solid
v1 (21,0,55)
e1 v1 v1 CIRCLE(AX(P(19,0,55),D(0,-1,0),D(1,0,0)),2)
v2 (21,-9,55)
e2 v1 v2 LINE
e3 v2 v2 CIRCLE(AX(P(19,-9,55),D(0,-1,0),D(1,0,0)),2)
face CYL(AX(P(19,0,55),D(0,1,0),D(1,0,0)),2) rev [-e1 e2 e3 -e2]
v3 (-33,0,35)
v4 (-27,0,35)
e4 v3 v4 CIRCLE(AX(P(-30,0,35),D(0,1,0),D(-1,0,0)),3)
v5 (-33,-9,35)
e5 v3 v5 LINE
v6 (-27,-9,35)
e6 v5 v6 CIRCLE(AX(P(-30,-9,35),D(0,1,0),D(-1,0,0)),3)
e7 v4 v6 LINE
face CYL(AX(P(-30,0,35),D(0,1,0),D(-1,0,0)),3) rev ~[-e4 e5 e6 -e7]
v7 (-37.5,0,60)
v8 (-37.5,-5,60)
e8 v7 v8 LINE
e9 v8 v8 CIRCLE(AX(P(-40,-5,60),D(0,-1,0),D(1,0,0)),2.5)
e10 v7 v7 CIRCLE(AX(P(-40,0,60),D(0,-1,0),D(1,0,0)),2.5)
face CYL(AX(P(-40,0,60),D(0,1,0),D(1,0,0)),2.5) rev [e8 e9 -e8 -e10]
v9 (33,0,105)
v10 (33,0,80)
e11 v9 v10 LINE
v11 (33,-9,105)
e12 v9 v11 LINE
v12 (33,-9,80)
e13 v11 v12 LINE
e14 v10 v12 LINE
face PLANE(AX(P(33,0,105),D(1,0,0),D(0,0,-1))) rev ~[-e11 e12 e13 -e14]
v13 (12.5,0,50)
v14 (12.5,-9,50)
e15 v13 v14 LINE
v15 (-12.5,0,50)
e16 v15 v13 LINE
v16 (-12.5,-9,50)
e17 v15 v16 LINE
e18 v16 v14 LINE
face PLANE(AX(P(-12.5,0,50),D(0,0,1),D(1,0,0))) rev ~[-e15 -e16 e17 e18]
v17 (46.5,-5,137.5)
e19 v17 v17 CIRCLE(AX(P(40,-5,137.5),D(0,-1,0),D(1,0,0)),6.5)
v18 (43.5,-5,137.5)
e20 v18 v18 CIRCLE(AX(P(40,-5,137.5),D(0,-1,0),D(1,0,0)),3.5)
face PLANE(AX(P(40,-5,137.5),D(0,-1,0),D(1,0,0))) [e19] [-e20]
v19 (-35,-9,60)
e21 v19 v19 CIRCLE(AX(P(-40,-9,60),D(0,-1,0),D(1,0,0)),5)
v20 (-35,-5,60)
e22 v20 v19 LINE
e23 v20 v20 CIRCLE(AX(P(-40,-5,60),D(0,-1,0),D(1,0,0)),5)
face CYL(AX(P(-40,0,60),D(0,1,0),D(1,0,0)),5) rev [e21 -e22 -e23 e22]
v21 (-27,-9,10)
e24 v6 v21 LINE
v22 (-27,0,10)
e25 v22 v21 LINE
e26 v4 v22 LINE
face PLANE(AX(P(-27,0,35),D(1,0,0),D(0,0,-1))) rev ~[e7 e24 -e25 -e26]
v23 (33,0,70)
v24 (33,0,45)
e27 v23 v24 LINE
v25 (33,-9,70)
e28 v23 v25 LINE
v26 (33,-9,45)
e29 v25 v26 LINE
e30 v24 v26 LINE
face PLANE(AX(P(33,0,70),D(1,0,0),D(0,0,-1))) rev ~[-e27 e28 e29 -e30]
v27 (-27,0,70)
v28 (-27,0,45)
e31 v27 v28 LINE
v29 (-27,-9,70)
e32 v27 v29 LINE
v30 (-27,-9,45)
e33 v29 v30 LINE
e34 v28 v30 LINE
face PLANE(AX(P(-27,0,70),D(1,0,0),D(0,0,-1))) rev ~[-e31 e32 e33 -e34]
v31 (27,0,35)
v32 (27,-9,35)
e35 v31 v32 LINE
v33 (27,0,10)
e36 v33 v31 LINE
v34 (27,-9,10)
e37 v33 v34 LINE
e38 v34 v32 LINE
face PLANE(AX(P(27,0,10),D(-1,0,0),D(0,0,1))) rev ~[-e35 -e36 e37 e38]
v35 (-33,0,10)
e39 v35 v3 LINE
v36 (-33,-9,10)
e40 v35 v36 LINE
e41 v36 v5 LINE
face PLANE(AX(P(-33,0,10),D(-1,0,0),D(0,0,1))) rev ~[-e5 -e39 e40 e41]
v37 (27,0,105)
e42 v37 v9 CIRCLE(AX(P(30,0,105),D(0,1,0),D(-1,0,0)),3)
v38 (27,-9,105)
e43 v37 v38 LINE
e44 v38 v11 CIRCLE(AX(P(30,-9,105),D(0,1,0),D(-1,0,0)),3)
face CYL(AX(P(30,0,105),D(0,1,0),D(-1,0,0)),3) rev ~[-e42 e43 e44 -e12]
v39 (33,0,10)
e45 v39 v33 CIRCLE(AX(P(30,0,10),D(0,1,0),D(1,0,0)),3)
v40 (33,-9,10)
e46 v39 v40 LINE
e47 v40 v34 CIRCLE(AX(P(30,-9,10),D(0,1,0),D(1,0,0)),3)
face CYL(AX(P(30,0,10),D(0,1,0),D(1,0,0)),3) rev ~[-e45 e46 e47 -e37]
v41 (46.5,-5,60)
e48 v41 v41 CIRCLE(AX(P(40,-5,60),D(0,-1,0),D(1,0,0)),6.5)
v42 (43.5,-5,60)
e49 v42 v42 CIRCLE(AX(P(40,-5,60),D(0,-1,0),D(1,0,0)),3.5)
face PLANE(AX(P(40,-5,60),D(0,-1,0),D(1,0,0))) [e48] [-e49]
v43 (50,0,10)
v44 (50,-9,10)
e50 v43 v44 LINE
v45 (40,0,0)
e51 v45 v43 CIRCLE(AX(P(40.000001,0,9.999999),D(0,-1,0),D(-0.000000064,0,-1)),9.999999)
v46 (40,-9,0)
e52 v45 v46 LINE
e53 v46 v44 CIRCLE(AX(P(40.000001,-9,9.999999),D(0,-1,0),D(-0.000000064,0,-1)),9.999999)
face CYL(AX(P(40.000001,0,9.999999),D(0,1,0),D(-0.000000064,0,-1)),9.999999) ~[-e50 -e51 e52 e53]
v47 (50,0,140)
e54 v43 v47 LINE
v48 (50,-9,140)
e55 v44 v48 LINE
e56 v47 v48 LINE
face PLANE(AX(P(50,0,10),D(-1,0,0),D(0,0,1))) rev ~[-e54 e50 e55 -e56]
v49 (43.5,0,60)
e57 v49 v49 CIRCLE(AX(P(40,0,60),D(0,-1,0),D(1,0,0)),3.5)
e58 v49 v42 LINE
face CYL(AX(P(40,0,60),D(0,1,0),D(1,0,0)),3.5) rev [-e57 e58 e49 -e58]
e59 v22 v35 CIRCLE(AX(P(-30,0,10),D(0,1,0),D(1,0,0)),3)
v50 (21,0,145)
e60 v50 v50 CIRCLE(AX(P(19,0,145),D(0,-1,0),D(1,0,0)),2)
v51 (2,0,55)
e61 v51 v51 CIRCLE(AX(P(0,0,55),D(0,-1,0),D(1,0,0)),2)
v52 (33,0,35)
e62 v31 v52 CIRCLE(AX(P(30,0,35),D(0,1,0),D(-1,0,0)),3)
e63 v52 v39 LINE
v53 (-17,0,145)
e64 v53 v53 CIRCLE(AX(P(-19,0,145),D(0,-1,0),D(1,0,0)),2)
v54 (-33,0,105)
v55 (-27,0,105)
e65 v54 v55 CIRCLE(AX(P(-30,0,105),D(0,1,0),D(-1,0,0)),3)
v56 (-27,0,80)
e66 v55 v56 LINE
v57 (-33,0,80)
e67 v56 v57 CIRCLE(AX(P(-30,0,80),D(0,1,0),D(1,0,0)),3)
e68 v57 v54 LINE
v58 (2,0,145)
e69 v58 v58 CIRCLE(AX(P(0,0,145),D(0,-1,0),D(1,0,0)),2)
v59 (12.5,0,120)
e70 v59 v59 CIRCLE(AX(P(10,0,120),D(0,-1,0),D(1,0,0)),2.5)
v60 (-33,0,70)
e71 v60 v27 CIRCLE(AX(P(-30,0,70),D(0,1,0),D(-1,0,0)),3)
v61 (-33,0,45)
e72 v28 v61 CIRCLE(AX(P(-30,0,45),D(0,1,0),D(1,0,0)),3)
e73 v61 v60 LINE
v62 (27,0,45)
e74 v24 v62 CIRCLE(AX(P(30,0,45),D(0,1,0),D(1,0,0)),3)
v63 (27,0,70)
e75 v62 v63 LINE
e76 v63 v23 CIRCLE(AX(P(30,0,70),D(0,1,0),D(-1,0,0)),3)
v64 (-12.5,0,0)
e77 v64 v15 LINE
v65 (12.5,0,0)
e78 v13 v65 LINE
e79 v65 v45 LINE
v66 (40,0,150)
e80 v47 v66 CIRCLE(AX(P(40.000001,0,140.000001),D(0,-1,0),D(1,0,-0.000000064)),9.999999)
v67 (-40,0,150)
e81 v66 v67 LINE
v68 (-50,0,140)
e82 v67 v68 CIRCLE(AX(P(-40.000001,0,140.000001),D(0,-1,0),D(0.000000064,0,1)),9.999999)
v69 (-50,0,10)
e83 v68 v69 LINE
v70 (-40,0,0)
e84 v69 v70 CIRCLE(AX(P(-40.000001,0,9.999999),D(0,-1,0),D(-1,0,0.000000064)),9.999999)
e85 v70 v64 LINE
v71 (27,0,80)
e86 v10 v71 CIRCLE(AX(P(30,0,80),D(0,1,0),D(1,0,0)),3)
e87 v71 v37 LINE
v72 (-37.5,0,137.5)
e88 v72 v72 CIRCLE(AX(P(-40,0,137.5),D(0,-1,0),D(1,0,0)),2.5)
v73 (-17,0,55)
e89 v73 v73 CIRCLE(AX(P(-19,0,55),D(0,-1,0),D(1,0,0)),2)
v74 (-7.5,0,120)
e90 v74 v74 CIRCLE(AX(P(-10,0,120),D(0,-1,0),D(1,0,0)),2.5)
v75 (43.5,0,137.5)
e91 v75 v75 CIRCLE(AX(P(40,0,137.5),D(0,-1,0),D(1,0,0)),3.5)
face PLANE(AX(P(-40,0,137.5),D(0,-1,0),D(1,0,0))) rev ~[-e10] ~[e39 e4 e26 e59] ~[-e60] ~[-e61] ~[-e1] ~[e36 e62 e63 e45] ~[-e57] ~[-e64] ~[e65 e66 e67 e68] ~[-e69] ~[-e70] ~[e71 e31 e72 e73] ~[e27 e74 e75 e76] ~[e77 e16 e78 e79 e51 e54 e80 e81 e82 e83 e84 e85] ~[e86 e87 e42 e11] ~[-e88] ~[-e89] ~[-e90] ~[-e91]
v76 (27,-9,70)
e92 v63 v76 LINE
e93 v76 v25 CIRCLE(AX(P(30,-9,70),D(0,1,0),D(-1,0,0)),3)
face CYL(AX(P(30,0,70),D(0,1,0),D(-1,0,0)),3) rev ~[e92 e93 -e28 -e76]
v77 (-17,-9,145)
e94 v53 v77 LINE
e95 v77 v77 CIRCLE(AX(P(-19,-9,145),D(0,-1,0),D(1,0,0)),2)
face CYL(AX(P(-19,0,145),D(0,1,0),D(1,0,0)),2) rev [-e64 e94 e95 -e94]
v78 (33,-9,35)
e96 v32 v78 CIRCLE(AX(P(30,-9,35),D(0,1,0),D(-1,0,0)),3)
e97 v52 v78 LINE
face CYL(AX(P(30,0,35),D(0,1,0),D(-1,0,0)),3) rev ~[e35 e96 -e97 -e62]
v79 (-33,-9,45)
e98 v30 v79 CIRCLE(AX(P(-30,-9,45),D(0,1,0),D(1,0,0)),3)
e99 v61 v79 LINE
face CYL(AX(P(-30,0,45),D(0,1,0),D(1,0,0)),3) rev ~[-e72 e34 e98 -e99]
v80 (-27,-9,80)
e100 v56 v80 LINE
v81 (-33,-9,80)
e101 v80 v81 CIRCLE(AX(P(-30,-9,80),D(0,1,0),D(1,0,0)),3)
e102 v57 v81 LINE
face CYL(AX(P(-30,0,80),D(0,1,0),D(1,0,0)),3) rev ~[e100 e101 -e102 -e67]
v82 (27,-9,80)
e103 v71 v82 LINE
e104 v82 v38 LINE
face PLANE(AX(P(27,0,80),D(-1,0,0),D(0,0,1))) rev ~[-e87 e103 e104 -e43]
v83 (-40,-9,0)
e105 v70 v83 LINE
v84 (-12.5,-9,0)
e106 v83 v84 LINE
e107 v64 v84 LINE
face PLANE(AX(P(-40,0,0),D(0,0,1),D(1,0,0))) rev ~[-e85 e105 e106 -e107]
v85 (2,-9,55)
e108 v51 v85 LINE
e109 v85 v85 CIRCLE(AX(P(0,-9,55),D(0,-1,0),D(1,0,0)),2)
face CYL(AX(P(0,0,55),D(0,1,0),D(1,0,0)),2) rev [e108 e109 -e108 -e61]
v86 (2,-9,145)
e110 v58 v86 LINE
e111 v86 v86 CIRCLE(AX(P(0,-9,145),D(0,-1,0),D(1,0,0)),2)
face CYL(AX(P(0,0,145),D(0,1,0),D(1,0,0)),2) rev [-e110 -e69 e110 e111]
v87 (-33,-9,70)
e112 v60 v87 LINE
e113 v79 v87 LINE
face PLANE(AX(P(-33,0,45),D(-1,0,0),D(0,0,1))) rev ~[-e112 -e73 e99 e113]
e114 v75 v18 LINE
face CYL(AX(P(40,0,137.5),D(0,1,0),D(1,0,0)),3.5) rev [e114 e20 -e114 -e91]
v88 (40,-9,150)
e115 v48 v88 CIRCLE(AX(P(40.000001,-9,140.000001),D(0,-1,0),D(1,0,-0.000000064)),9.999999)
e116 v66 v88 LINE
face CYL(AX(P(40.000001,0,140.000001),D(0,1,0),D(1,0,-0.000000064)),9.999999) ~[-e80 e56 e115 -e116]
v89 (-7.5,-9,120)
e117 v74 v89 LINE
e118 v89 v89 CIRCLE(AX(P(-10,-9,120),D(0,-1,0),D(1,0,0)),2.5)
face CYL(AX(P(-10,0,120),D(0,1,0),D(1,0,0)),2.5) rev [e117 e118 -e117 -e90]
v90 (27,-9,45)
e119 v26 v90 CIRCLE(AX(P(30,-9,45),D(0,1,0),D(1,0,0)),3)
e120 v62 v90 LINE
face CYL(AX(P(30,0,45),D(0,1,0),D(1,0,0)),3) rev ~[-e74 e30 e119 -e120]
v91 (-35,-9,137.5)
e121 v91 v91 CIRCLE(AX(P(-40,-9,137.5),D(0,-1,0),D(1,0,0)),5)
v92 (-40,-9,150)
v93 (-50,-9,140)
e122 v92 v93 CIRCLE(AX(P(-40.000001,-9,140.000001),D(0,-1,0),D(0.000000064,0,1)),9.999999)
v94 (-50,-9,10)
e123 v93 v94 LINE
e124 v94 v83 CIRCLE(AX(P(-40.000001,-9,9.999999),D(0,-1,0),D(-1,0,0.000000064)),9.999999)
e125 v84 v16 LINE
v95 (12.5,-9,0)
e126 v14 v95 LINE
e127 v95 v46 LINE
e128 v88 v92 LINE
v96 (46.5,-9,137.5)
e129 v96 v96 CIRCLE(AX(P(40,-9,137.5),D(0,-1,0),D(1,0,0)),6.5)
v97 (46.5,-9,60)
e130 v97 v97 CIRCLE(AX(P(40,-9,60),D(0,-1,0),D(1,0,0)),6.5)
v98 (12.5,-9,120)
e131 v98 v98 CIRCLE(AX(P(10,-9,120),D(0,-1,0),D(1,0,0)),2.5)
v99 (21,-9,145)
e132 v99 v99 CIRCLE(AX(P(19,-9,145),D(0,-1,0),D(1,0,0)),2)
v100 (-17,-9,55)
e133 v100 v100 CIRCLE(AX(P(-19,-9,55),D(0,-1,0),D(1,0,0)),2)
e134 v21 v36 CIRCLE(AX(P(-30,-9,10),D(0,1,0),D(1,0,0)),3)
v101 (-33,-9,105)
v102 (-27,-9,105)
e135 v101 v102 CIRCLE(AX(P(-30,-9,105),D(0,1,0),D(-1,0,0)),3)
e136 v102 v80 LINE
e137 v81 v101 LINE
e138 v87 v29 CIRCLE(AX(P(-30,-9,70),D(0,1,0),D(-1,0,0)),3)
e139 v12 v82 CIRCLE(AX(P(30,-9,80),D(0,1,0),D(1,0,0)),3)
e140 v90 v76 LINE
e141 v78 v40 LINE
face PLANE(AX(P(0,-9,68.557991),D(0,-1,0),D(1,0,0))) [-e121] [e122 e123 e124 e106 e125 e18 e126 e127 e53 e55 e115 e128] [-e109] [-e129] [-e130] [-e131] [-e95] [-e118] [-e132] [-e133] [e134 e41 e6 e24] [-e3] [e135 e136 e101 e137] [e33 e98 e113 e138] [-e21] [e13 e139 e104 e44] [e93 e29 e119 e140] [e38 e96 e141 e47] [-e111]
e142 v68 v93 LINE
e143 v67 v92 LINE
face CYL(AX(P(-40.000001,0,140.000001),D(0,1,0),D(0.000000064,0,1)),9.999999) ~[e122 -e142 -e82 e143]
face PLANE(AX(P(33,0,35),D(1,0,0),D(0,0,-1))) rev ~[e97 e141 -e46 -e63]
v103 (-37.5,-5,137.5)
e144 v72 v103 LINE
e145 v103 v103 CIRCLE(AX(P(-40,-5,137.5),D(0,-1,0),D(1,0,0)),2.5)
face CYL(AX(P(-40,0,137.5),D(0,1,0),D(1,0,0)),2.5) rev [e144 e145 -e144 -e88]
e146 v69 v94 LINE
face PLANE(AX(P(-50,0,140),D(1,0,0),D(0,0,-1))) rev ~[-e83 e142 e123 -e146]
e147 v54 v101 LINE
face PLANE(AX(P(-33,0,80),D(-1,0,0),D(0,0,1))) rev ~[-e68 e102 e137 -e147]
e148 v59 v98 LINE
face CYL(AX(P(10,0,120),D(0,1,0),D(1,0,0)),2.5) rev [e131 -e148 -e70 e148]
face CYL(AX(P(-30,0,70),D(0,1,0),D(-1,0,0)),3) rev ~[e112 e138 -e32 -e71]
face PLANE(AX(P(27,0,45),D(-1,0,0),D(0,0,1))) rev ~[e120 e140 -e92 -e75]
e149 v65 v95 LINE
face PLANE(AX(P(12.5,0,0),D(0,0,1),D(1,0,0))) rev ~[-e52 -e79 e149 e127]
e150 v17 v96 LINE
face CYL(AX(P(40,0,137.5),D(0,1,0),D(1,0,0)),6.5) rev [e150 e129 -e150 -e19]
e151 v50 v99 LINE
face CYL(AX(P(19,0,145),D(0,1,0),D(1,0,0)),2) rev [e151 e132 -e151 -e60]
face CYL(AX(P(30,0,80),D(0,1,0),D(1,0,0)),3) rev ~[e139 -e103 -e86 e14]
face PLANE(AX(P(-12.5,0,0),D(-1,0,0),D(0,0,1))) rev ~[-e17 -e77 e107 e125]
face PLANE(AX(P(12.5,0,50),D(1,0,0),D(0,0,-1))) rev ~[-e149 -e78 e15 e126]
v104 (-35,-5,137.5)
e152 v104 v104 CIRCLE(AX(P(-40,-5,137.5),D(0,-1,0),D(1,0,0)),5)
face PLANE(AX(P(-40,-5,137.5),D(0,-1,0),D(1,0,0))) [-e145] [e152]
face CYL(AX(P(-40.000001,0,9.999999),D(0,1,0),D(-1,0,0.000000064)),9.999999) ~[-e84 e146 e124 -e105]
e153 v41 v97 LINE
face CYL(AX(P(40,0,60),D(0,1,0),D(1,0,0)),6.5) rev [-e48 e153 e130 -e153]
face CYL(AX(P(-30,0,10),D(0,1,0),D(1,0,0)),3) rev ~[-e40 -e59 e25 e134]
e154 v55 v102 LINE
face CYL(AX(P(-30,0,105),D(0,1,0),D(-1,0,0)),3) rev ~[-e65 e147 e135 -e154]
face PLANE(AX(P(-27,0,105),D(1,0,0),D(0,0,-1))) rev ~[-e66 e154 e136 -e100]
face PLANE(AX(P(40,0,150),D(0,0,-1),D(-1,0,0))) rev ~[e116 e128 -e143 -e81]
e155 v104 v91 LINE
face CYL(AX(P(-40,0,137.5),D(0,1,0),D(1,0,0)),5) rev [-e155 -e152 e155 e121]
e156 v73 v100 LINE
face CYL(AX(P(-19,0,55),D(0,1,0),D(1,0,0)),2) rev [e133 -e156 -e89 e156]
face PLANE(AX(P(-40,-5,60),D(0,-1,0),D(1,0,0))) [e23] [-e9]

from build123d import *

# Parameters (mm, degrees)
F0_R     = 5
F0_R_2   = 2
F0_R_3   = 6.5
F0_R_4   = 2.5
F1_DEPTH = 9
F0_R_5   = 3.5
F2_DEPTH = 5


with BuildPart() as f1:
    # F0 (on Front) → F1 (new body)
    with BuildSketch(Plane.XZ):
        with BuildLine():
            Line((40, 150), (-40, 150))
            ThreePointArc((-40, 150), (-47.071068, 147.071068), (-50, 140))
            Line((-50, 140), (-50, 10))
            ThreePointArc((-50, 10), (-47.071068, 2.928932), (-40, 0))
            Line((-40, 0), (-12.5, 0))
            Line((-12.5, 0), (-12.5, 50))
            Line((-12.5, 50), (0, 50))
            Line((0, 50), (12.5, 50))
            Line((12.5, 50), (12.5, 0))
            Line((12.5, 0), (40, 0))
            ThreePointArc((40, 0), (47.071068, 2.928932), (50, 10))
            Line((50, 10), (50, 140))
            ThreePointArc((50, 140), (47.071068, 147.071068), (40, 150))
        make_face()
        with BuildLine():
            ThreePointArc((-27, 10), (-30, 7), (-33, 10))
            Line((-33, 10), (-33, 35))
            ThreePointArc((-33, 35), (-30, 38), (-27, 35))
            Line((-27, 35), (-27, 10))
        make_face(mode=Mode.SUBTRACT)
        with Locations((-40, 60)):
            Circle(F0_R, mode=Mode.SUBTRACT)
        with BuildLine():
            Line((-33, 45), (-33, 70))
            ThreePointArc((-33, 70), (-30, 73), (-27, 70))
            Line((-27, 70), (-27, 45))
            ThreePointArc((-27, 45), (-30, 42), (-33, 45))
        make_face(mode=Mode.SUBTRACT)
        with Locations((-19, 55)):
            Circle(F0_R_2, mode=Mode.SUBTRACT)
        with BuildLine():
            Line((27, 10), (27, 35))
            ThreePointArc((27, 35), (30, 38), (33, 35))
            Line((33, 35), (33, 10))
            ThreePointArc((33, 10), (30, 7), (27, 10))
        make_face(mode=Mode.SUBTRACT)
        with Locations((0, 55)):
            Circle(F0_R_2, mode=Mode.SUBTRACT)
        with Locations((19, 55)):
            Circle(F0_R_2, mode=Mode.SUBTRACT)
        with BuildLine():
            ThreePointArc((27, 70), (30, 73), (33, 70))
            Line((33, 70), (33, 45))
            ThreePointArc((33, 45), (30, 42), (27, 45))
            Line((27, 45), (27, 70))
        make_face(mode=Mode.SUBTRACT)
        with Locations((40, 60)):
            Circle(F0_R_3, mode=Mode.SUBTRACT)
        with BuildLine():
            ThreePointArc((-27, 80), (-30, 77), (-33, 80))
            Line((-33, 80), (-33, 105))
            ThreePointArc((-33, 105), (-30, 108), (-27, 105))
            Line((-27, 105), (-27, 80))
        make_face(mode=Mode.SUBTRACT)
        with Locations((-40, 137.5)):
            Circle(F0_R, mode=Mode.SUBTRACT)
        with Locations((-10, 120)):
            Circle(F0_R_4, mode=Mode.SUBTRACT)
        with Locations((-19, 145)):
            Circle(F0_R_2, mode=Mode.SUBTRACT)
        with BuildLine():
            Line((33, 105), (33, 80))
            ThreePointArc((33, 80), (30, 77), (27, 80))
            Line((27, 80), (27, 105))
            ThreePointArc((27, 105), (30, 108), (33, 105))
        make_face(mode=Mode.SUBTRACT)
        with Locations((10, 120)):
            Circle(F0_R_4, mode=Mode.SUBTRACT)
        with Locations((0, 145)):
            Circle(F0_R_2, mode=Mode.SUBTRACT)
        with Locations((19, 145)):
            Circle(F0_R_2, mode=Mode.SUBTRACT)
        with Locations((40, 137.5)):
            Circle(F0_R_3, mode=Mode.SUBTRACT)
    extrude(amount=F1_DEPTH)

    # F0 (on Front) → F2 (join)
    with BuildSketch(Plane.XZ):
        with Locations((-40, 137.5)):
            Circle(F0_R)
        with Locations((-40, 137.5)):
            Circle(F0_R_4, mode=Mode.SUBTRACT)
        with Locations((40, 137.5)):
            Circle(F0_R_3)
        with Locations((40, 137.5)):
            Circle(F0_R_5, mode=Mode.SUBTRACT)
        with Locations((40, 60)):
            Circle(F0_R_3)
        with Locations((40, 60)):
            Circle(F0_R_5, mode=Mode.SUBTRACT)
        with Locations((-40, 60)):
            Circle(F0_R)
        with Locations((-40, 60)):
            Circle(F0_R_4, mode=Mode.SUBTRACT)
    extrude(amount=F2_DEPTH)


solid = f1.part
